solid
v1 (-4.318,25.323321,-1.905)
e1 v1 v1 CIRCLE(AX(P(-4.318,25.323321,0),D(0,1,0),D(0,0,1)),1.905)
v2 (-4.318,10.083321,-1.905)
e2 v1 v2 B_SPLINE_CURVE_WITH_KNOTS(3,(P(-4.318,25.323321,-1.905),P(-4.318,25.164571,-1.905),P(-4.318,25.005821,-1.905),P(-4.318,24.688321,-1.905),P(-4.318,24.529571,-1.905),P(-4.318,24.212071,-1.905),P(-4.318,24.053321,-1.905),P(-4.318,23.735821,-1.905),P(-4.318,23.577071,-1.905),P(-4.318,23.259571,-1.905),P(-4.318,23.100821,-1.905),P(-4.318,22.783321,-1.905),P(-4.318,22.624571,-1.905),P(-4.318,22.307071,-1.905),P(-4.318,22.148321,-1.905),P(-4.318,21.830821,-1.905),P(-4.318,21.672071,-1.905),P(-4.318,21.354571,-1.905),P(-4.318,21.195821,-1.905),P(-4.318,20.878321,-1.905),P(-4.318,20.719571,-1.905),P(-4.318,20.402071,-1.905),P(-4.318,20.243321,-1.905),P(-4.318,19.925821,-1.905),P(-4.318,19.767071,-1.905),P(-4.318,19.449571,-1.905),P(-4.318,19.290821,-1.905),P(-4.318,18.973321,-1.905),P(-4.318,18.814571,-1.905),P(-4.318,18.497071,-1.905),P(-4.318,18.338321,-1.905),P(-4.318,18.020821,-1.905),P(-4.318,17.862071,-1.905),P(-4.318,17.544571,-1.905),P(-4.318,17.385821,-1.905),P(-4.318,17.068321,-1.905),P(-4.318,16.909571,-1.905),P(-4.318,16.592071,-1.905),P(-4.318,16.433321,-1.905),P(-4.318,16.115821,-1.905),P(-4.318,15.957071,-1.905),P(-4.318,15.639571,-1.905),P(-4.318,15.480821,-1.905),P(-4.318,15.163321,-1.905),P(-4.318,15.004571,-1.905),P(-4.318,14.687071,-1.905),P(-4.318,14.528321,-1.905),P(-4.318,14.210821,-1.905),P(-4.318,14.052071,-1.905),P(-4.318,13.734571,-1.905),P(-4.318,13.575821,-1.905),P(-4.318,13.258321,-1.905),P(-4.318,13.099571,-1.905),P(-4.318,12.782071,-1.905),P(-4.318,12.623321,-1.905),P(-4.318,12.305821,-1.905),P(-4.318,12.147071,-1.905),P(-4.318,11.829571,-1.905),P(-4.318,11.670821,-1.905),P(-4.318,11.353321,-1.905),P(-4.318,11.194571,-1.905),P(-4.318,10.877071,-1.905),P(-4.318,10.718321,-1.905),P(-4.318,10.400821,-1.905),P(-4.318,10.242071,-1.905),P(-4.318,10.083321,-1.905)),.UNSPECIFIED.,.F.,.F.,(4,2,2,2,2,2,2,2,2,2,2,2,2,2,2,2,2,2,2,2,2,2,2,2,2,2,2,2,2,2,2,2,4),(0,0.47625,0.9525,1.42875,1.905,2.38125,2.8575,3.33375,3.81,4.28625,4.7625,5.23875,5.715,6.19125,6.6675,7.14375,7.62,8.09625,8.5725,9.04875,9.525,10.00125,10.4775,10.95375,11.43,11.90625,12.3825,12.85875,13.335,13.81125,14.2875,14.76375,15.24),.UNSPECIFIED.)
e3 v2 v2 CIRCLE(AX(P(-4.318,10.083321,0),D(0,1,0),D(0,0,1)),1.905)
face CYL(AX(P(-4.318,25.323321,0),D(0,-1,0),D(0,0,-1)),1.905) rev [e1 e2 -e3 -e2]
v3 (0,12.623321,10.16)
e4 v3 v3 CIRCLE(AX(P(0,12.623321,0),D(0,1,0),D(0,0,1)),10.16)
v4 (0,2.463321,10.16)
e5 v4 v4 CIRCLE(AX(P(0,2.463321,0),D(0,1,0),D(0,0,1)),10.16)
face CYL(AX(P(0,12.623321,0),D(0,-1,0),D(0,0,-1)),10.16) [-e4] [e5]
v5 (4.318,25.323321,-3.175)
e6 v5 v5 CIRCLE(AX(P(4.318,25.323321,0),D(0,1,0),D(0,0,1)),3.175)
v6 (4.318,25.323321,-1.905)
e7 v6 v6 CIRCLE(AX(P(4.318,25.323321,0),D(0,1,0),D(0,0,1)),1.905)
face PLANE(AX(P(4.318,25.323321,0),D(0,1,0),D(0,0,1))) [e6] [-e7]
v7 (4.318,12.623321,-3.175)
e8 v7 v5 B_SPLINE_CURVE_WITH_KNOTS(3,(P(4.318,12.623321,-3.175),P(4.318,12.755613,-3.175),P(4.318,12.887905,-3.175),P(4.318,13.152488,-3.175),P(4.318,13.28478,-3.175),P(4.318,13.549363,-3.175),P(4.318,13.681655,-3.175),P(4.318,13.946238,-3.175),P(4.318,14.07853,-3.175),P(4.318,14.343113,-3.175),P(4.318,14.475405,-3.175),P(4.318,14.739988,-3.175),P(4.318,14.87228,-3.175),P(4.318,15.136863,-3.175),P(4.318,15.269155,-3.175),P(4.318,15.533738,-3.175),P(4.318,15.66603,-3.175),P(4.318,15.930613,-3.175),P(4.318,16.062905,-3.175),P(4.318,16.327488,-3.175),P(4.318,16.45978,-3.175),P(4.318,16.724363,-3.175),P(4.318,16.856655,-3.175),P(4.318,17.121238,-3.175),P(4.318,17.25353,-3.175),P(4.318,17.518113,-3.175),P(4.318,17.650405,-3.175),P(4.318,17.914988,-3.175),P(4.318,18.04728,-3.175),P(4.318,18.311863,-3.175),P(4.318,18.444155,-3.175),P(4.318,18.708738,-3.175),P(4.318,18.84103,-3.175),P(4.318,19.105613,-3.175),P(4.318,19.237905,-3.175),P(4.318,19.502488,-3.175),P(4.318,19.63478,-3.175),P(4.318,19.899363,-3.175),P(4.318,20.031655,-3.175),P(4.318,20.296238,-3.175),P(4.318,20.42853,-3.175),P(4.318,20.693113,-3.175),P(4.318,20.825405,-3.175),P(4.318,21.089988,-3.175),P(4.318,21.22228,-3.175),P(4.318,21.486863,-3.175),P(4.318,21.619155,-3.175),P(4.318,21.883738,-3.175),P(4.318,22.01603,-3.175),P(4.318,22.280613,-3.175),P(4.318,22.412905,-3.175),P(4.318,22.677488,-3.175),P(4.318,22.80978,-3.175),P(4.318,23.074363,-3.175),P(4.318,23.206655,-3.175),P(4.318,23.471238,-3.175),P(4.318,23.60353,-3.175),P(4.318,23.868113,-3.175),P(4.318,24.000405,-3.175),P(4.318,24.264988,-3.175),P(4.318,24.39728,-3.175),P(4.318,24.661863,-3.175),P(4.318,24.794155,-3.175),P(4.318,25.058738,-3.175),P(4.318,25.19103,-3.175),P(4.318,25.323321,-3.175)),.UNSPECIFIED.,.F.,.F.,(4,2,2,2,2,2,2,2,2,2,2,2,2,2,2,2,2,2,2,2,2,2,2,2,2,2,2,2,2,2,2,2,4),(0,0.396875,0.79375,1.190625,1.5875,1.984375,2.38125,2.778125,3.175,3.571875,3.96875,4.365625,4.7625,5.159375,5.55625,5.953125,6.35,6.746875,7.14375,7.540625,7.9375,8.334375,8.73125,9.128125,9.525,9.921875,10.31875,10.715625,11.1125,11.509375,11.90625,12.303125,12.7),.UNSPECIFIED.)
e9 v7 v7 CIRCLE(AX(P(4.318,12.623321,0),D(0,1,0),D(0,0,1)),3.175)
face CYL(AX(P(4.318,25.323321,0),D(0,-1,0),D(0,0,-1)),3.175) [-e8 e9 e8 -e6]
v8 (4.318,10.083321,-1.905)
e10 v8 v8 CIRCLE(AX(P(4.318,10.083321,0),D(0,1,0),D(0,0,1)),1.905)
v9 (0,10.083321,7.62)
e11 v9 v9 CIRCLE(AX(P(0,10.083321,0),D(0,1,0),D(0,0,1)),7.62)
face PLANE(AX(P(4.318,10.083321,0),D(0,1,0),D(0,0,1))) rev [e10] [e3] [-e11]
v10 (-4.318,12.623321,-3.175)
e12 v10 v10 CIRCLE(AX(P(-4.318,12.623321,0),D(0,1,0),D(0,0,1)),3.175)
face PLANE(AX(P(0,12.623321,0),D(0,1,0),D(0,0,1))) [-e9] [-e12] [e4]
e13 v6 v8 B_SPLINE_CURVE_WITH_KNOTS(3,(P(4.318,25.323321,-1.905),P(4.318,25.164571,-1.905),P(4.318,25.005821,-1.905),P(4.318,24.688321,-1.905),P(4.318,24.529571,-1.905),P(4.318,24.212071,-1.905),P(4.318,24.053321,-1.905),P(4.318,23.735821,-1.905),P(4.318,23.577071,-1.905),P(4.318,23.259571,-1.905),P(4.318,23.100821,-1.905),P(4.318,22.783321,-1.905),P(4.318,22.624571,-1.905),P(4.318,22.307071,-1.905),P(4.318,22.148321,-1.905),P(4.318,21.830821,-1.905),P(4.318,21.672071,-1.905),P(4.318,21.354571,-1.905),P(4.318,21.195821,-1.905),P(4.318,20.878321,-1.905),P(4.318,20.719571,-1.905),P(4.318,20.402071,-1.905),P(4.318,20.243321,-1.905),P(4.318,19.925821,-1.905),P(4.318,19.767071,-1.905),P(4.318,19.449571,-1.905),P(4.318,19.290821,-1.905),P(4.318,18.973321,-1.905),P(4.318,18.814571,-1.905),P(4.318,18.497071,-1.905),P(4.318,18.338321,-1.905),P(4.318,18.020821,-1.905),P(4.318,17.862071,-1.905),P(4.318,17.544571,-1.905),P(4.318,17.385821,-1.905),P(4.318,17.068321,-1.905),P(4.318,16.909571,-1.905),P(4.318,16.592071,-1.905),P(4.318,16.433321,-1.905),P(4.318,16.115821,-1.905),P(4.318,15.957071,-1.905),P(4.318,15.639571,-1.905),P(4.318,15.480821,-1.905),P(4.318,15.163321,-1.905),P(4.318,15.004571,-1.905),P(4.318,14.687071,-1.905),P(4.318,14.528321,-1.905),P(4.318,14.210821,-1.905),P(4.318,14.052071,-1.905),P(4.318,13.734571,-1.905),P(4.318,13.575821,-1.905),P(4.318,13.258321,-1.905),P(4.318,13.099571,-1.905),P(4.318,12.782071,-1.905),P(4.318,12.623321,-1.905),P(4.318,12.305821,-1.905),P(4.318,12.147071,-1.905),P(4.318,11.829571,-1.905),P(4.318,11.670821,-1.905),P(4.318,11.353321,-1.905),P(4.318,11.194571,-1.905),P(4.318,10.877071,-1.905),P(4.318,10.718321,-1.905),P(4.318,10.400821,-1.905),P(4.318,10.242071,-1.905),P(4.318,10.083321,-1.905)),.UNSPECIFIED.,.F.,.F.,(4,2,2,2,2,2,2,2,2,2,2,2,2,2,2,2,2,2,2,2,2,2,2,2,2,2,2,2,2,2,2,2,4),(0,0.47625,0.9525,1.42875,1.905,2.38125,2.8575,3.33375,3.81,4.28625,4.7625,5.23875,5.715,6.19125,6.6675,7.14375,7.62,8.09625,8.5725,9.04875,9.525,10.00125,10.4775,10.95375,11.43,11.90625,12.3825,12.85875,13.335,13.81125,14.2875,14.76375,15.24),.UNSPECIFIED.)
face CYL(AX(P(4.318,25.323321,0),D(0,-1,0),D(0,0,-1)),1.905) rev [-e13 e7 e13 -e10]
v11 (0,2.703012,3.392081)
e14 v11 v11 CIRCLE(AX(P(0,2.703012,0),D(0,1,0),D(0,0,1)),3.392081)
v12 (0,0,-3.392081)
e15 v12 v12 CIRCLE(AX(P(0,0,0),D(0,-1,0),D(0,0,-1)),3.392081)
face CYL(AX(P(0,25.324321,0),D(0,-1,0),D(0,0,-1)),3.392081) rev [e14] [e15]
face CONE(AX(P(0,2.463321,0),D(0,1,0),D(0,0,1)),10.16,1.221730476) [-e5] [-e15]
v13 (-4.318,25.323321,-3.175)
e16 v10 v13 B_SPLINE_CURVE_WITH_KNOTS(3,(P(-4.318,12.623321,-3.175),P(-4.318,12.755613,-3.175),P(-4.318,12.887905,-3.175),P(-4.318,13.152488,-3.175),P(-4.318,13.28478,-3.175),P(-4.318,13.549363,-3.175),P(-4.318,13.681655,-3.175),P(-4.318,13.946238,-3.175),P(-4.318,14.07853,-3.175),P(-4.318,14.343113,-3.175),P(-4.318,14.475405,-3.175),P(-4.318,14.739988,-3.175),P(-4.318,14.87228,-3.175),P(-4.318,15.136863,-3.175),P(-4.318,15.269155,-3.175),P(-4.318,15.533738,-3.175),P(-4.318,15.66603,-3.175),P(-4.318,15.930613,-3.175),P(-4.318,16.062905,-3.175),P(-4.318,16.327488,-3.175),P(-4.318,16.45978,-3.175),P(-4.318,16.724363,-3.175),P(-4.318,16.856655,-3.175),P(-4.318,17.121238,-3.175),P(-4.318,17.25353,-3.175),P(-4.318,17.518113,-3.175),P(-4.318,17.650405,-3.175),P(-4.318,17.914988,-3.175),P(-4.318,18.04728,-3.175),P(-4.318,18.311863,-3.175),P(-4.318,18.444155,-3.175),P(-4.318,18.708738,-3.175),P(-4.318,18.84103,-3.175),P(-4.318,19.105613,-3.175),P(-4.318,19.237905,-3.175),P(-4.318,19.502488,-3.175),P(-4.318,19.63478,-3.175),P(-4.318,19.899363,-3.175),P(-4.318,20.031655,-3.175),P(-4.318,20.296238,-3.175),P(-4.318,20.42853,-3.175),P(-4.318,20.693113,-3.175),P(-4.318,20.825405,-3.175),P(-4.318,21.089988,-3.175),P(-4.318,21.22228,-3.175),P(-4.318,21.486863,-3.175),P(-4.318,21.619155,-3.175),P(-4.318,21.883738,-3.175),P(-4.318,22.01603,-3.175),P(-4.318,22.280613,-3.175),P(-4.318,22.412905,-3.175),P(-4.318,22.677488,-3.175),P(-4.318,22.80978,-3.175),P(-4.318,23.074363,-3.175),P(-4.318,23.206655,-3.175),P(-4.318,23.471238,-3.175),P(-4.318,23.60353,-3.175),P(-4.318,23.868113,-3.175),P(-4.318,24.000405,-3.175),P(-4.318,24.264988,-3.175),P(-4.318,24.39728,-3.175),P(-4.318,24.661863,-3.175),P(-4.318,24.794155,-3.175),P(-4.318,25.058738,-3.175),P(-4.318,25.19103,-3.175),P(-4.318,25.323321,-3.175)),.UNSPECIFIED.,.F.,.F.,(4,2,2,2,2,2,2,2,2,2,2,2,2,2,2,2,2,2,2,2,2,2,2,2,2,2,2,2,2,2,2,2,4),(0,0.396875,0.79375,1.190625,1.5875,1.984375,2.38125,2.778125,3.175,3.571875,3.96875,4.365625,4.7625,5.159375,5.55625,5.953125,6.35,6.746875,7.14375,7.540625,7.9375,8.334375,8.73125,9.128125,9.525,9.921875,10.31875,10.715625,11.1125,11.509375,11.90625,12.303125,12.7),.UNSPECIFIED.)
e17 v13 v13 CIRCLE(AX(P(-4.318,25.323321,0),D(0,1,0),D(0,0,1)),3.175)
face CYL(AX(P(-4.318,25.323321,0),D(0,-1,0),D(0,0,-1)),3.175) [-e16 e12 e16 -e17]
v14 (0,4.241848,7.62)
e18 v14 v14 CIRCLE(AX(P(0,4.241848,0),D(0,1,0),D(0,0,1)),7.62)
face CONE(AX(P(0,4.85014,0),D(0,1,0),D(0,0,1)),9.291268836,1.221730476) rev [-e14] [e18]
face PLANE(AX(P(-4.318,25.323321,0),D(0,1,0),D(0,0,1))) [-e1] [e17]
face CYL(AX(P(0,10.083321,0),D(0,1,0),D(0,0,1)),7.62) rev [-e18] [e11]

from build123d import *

# Parameters (mm, degrees)
SHELL1_T              = -2.54
SKETCH5_R             = 3.175
SKETCH5_R_2           = 1.905
BOSS_EXTRUDE1_DEPTH   = 15.24
BOSS_EXTRUDE1_2_DEPTH = 15.24
CUT_EXTRUDE1_REACH    = 31.116
SKETCH6_R             = 3.392080707
SKETCH7_R             = 10.16
SKETCH7_R_2           = 3.175
BOSS_EXTRUDE2_DEPTH   = 2.54


with BuildPart() as part:
    # Sketch4 → Revolve1 (revolve)
    with BuildSketch(Plane(origin=(0, 0, 0), x_dir=(0, 0, -1), z_dir=(1, 0, 0))):
        Polygon((0, 0), (-3.392080707, 0), (-10.16, 2.463321171), (-10.16, 10.083321171), (0, 10.083321171), align=None)
    revolve(axis=Axis((0, 10.083321171, 0), (0, -1, 0)))

    # Shell1
    shell1_openings = [part.faces().sort_by_distance(p)[0] for p in [
        (0, 10.083321171, 0),
    ]]
    offset(amount=SHELL1_T, openings=shell1_openings, kind=Kind.INTERSECTION)

    # Cut-Extrude1: up to this cone (the profile starts outside it)
    cut_extrude1_end = Plane(origin=(0, 0, 0), z_dir=(0, 1, 0)).offset(1.468396133) * Cone(2.747e-06, 82.829863624, 30.147603867, align=(Align.CENTER, Align.CENTER, Align.MIN), mode=Mode.PRIVATE)
    # Sketch6 → Cut-Extrude1 (cut, up to the surface)
    with BuildSketch(Plane.XZ, mode=Mode.PRIVATE) as cut_extrude1_sk1:
        with Locations(Location((0, 0, 0), (0, 0, 90))):
            Circle(SKETCH6_R)
    cut_extrude1_tool1 = extrude(cut_extrude1_sk1.sketch, amount=-CUT_EXTRUDE1_REACH, mode=Mode.PRIVATE) - cut_extrude1_end
    add(cut_extrude1_tool1.solids().sort_by_distance((0, 0, 0))[0], mode=Mode.SUBTRACT)


with BuildPart() as body_2:
    # Sketch5 → Boss-Extrude1 (new body)
    with BuildSketch(Plane(origin=(0, 10.083321171, 0), x_dir=(1, 0, 0), z_dir=(0, 1, 0))):
        with Locations(Location((-4.318, 0, 0), (0, 0, 90))):
            Circle(SKETCH5_R)
        with Locations(Location((-4.318, 0, 0), (0, 0, 90))):
            Circle(SKETCH5_R_2, mode=Mode.SUBTRACT)
    extrude(amount=BOSS_EXTRUDE1_DEPTH)



with BuildPart() as body_3:
    # Sketch5 → Boss-Extrude1 2 (new body)
    with BuildSketch(Plane(origin=(0, 10.083321171, 0), x_dir=(1, 0, 0), z_dir=(0, 1, 0))):
        with Locations(Location((4.318, 0, 0), (0, 0, 90))):
            Circle(SKETCH5_R)
        with Locations(Location((4.318, 0, 0), (0, 0, 90))):
            Circle(SKETCH5_R_2, mode=Mode.SUBTRACT)
    extrude(amount=BOSS_EXTRUDE1_2_DEPTH)


with BuildPart() as cut_extrude1_kept_piece:
    # of the separate pieces the step leaves, the one the design keeps (cut_extrude1_pieces_kept)
    add(part.part.solids().sort_by_distance((0, 0, 3.392080707))[0])


with BuildPart() as body_2_1:
    add(body_2.part)

    add(body_3.part)  # Boss-Extrude2 merges body 3

    add(cut_extrude1_kept_piece.part)  # Boss-Extrude2 merges Cut-Extrude1 kept piece
    # Sketch7 → Boss-Extrude2 (add)
    with BuildSketch(Plane(origin=(0, 10.083321171, 0), x_dir=(1, 0, 0), z_dir=(0, 1, 0))):
        with Locations(Location((0, 0, 0), (0, 0, 270))):
            Circle(SKETCH7_R)
        with Locations(Location((-4.318, 0, 0), (0, 0, 90))):
            Circle(SKETCH7_R_2, mode=Mode.SUBTRACT)
        with Locations(Location((4.318, 0, 0), (0, 0, 90))):
            Circle(SKETCH7_R_2, mode=Mode.SUBTRACT)
    extrude(amount=BOSS_EXTRUDE2_DEPTH)


solid = body_2_1.part
